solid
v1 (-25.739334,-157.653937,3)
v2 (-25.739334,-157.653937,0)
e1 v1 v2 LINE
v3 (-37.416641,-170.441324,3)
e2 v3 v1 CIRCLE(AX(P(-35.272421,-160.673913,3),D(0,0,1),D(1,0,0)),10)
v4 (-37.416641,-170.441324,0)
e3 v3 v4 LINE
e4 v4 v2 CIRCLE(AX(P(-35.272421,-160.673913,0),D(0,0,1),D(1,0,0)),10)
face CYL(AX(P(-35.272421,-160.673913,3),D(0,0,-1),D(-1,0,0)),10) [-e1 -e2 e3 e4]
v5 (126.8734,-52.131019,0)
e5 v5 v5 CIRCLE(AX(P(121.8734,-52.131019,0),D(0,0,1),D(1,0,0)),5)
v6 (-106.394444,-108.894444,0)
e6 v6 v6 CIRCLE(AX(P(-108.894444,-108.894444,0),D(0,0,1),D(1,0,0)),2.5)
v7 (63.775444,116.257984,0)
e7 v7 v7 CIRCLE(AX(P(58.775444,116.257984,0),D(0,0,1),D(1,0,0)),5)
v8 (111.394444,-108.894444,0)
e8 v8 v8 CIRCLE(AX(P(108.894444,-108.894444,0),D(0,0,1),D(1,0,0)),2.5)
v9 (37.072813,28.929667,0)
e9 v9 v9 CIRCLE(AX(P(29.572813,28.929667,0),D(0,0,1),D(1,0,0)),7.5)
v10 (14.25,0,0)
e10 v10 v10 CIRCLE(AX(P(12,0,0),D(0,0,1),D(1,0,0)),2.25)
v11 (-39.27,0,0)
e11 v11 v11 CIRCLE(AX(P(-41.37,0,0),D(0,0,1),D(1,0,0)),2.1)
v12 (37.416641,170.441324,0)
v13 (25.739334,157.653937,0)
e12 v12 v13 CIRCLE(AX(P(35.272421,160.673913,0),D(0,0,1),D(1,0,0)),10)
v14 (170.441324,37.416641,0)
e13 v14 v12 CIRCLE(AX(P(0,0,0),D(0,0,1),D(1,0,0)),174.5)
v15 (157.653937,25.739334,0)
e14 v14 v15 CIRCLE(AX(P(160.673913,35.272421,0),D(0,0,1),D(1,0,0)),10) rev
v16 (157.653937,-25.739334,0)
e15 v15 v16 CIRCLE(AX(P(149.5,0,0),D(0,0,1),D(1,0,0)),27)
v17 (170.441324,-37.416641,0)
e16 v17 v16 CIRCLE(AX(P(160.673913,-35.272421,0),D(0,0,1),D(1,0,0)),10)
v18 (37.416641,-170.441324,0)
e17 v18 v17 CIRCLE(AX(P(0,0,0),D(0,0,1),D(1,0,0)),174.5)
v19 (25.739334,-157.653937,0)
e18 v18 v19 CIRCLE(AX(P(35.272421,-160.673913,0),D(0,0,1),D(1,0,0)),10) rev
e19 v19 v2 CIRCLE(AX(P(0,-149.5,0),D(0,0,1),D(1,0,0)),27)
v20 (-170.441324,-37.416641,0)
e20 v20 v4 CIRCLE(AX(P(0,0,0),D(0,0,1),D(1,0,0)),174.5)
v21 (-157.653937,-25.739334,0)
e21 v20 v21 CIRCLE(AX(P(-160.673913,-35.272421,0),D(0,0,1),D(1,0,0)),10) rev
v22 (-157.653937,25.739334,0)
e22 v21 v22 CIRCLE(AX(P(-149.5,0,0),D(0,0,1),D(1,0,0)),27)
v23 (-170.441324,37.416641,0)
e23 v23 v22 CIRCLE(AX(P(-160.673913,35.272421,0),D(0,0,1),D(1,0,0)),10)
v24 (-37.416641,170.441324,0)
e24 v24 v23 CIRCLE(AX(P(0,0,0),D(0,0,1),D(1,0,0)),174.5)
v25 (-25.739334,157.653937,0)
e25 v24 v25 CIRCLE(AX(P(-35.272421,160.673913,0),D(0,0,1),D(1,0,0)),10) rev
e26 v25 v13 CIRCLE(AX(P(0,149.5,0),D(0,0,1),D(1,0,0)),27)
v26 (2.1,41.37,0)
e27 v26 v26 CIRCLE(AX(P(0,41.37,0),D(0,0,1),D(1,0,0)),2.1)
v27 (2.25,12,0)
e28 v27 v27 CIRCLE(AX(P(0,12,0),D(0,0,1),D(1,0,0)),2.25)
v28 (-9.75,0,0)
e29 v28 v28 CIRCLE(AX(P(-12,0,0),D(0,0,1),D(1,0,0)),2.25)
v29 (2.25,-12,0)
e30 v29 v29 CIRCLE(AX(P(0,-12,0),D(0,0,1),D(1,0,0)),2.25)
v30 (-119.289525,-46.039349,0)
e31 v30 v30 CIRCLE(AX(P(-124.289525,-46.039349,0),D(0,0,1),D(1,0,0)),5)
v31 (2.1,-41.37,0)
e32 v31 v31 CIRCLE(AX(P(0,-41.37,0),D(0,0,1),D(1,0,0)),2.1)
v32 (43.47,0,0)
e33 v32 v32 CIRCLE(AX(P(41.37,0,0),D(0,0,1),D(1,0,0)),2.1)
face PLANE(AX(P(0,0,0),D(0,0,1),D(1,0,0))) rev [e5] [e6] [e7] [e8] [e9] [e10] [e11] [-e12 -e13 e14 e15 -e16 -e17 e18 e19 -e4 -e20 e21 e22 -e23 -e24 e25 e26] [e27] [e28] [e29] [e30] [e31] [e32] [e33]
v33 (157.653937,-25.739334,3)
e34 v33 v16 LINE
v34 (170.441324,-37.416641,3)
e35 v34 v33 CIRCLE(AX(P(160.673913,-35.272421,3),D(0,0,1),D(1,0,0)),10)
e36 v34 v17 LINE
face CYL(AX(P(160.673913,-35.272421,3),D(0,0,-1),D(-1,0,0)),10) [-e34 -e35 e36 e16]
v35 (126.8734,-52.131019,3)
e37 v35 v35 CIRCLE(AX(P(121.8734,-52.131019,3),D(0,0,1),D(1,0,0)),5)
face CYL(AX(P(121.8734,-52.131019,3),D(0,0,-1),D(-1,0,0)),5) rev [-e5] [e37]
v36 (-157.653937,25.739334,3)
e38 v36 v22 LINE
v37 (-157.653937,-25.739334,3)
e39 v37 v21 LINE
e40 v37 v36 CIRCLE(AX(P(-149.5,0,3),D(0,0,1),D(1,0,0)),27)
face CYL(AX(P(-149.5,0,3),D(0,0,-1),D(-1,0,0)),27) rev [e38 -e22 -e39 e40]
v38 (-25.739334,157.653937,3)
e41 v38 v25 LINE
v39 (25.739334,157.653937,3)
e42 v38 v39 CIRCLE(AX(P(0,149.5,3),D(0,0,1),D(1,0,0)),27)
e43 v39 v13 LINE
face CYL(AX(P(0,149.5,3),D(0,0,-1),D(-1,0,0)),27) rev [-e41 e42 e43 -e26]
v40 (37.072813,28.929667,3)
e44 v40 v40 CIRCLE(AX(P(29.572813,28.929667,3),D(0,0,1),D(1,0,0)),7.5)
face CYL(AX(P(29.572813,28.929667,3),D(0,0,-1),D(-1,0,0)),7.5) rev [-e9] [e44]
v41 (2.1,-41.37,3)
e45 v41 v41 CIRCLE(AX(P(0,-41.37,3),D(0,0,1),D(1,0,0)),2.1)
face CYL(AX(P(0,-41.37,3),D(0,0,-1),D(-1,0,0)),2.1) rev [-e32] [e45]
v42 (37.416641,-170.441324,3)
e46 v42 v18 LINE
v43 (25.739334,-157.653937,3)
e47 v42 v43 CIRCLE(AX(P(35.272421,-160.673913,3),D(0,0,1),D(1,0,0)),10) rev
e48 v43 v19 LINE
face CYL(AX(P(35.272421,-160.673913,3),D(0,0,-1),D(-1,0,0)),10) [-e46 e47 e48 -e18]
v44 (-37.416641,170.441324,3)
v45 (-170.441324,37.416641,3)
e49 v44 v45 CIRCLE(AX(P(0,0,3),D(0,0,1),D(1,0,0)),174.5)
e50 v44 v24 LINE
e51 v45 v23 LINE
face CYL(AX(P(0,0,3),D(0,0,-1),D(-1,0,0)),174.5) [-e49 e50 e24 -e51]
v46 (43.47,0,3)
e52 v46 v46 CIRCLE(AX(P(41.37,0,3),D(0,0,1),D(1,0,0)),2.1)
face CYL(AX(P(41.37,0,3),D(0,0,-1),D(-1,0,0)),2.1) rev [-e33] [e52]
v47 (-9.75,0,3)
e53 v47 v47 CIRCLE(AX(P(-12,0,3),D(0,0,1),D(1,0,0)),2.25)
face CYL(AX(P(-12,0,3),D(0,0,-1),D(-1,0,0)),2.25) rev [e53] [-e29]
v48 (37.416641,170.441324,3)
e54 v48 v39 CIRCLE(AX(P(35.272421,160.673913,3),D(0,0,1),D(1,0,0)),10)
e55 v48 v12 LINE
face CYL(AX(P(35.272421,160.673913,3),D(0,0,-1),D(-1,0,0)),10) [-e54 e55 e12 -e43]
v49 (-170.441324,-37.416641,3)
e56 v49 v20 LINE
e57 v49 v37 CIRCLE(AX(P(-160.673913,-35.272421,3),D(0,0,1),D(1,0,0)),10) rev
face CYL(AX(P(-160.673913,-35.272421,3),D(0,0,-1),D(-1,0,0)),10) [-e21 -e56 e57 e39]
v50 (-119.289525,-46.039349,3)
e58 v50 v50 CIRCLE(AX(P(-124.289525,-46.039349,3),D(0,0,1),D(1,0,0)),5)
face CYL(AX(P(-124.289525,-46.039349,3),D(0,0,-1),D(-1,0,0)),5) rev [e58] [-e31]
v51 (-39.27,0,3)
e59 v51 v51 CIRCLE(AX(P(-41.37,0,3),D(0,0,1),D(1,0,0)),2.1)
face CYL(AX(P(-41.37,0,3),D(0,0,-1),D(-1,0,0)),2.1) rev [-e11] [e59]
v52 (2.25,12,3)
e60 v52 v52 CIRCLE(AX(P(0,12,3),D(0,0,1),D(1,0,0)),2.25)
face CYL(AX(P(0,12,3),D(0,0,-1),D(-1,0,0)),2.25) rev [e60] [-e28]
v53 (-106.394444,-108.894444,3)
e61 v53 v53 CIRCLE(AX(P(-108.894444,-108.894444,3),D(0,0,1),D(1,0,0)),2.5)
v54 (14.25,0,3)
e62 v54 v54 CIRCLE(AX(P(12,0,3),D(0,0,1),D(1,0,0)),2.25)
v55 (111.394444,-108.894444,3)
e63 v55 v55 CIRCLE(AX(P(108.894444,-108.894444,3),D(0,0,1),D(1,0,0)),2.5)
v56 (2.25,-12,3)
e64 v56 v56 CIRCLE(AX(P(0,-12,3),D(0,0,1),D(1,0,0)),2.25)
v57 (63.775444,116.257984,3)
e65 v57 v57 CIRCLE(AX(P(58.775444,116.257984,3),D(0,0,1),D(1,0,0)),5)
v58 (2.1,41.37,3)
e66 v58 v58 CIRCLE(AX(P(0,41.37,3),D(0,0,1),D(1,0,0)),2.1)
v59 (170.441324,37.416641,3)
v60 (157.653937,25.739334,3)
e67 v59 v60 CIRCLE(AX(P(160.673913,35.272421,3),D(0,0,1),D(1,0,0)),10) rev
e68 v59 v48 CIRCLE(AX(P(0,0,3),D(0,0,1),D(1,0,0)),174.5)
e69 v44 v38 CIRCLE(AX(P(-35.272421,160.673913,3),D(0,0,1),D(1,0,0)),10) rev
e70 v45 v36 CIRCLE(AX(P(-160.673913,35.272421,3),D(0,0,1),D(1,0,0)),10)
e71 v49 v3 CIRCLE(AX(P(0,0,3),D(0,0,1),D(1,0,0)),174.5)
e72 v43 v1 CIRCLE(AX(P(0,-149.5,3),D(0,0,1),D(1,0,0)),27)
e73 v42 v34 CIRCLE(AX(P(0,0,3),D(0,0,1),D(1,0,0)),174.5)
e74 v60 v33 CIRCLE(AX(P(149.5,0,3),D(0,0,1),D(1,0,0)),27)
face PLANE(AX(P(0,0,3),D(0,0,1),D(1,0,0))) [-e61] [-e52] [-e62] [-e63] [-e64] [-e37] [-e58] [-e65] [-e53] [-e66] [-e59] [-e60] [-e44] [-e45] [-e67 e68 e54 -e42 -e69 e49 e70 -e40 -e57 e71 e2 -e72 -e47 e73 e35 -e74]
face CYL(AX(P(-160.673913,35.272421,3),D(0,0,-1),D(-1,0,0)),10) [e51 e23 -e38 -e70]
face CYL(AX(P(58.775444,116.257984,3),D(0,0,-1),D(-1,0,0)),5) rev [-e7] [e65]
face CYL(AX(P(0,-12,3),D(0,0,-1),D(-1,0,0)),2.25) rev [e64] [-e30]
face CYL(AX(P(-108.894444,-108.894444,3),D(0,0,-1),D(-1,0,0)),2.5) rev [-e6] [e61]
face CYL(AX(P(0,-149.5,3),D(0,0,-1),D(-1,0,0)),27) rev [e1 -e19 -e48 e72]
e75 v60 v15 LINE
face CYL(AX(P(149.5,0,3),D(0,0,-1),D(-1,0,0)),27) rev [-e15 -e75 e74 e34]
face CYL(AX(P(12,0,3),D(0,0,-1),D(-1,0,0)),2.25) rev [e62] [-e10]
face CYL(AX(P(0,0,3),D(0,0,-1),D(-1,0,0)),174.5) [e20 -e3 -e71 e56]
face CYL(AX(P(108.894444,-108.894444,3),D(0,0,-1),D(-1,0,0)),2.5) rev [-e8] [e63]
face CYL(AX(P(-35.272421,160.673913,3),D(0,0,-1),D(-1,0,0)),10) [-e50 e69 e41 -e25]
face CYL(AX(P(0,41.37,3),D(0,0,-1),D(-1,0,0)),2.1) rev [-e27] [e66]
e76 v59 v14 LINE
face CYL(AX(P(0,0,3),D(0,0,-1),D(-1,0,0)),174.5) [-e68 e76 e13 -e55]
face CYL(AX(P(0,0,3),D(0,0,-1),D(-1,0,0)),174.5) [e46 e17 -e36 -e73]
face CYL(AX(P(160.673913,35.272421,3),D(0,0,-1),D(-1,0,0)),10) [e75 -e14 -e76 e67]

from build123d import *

# Parameters (mm, degrees)
SKETCH1_R           = 2.5
SKETCH1_R_2         = 5
SKETCH1_R_3         = 2.1
SKETCH1_R_4         = 2.25
SKETCH1_R_5         = 7.5
BOSS_EXTRUDE2_DEPTH = 3


with BuildPart() as part:
    # Sketch1 → Boss-Extrude2 (new body)
    with BuildSketch(Plane.XY):
        with BuildLine():
            ThreePointArc((-157.653936545, -25.739334079), (-167.417194297, -27.888102395), (-170.441324171, -37.416640882))
            ThreePointArc((-170.441324171, -37.416640882), (-123.390133317, -123.390133317), (-37.416640882, -170.441324171))
            ThreePointArc((-37.416640882, -170.441324171), (-27.888102395, -167.417194297), (-25.739334079, -157.653936545))
            ThreePointArc((-25.739334079, -157.653936545), (0, -122.5), (25.739334079, -157.653936545))
            ThreePointArc((25.739334079, -157.653936545), (27.888102395, -167.417194297), (37.416640882, -170.441324171))
            ThreePointArc((37.416640882, -170.441324171), (123.390133317, -123.390133317), (170.441324171, -37.416640882))
            ThreePointArc((170.441324171, -37.416640882), (167.417194297, -27.888102395), (157.653936545, -25.739334079))
            ThreePointArc((157.653936545, -25.739334079), (122.5, 0), (157.653936545, 25.739334079))
            ThreePointArc((157.653936545, 25.739334079), (167.417194297, 27.888102395), (170.441324171, 37.416640882))
            ThreePointArc((170.441324171, 37.416640882), (123.390133317, 123.390133317), (37.416640882, 170.441324171))
            ThreePointArc((37.416640882, 170.441324171), (27.888102395, 167.417194297), (25.739334079, 157.653936545))
            ThreePointArc((25.739334079, 157.653936545), (0, 122.5), (-25.739334079, 157.653936545))
            ThreePointArc((-25.739334079, 157.653936545), (-27.888102395, 167.417194297), (-37.416640882, 170.441324171))
            ThreePointArc((-37.416640882, 170.441324171), (-123.390133317, 123.390133317), (-170.441324171, 37.416640882))
            ThreePointArc((-170.441324171, 37.416640882), (-167.417194297, 27.888102395), (-157.653936545, 25.739334079))
            ThreePointArc((-157.653936545, 25.739334079), (-122.5, 0), (-157.653936545, -25.739334079))
        make_face()
        with Locations((-108.894444303, -108.894444303)):
            Circle(SKETCH1_R, mode=Mode.SUBTRACT)
        with Locations((-124.289525039, -46.039349088)):
            Circle(SKETCH1_R_2, mode=Mode.SUBTRACT)
        with Locations((0, -41.37)):
            Circle(SKETCH1_R_3, mode=Mode.SUBTRACT)
        with Locations((108.894444303, -108.894444303)):
            Circle(SKETCH1_R, mode=Mode.SUBTRACT)
        with Locations((0, -12)):
            Circle(SKETCH1_R_4, mode=Mode.SUBTRACT)
        with Locations((121.873399663, -52.131018514)):
            Circle(SKETCH1_R_2, mode=Mode.SUBTRACT)
        with Locations((-41.37, 0)):
            Circle(SKETCH1_R_3, mode=Mode.SUBTRACT)
        with Locations((-12, 0)):
            Circle(SKETCH1_R_4, mode=Mode.SUBTRACT)
        with Locations((12, 0)):
            Circle(SKETCH1_R_4, mode=Mode.SUBTRACT)
        with Locations((0, 12)):
            Circle(SKETCH1_R_4, mode=Mode.SUBTRACT)
        with Locations((41.37, 0)):
            Circle(SKETCH1_R_3, mode=Mode.SUBTRACT)
        with Locations((0, 41.37)):
            Circle(SKETCH1_R_3, mode=Mode.SUBTRACT)
        with Locations((29.572812598, 28.929667386)):
            Circle(SKETCH1_R_5, mode=Mode.SUBTRACT)
        with Locations((58.775444452, 116.257983948)):
            Circle(SKETCH1_R_2, mode=Mode.SUBTRACT)
    extrude(amount=BOSS_EXTRUDE2_DEPTH)


solid = part.part
